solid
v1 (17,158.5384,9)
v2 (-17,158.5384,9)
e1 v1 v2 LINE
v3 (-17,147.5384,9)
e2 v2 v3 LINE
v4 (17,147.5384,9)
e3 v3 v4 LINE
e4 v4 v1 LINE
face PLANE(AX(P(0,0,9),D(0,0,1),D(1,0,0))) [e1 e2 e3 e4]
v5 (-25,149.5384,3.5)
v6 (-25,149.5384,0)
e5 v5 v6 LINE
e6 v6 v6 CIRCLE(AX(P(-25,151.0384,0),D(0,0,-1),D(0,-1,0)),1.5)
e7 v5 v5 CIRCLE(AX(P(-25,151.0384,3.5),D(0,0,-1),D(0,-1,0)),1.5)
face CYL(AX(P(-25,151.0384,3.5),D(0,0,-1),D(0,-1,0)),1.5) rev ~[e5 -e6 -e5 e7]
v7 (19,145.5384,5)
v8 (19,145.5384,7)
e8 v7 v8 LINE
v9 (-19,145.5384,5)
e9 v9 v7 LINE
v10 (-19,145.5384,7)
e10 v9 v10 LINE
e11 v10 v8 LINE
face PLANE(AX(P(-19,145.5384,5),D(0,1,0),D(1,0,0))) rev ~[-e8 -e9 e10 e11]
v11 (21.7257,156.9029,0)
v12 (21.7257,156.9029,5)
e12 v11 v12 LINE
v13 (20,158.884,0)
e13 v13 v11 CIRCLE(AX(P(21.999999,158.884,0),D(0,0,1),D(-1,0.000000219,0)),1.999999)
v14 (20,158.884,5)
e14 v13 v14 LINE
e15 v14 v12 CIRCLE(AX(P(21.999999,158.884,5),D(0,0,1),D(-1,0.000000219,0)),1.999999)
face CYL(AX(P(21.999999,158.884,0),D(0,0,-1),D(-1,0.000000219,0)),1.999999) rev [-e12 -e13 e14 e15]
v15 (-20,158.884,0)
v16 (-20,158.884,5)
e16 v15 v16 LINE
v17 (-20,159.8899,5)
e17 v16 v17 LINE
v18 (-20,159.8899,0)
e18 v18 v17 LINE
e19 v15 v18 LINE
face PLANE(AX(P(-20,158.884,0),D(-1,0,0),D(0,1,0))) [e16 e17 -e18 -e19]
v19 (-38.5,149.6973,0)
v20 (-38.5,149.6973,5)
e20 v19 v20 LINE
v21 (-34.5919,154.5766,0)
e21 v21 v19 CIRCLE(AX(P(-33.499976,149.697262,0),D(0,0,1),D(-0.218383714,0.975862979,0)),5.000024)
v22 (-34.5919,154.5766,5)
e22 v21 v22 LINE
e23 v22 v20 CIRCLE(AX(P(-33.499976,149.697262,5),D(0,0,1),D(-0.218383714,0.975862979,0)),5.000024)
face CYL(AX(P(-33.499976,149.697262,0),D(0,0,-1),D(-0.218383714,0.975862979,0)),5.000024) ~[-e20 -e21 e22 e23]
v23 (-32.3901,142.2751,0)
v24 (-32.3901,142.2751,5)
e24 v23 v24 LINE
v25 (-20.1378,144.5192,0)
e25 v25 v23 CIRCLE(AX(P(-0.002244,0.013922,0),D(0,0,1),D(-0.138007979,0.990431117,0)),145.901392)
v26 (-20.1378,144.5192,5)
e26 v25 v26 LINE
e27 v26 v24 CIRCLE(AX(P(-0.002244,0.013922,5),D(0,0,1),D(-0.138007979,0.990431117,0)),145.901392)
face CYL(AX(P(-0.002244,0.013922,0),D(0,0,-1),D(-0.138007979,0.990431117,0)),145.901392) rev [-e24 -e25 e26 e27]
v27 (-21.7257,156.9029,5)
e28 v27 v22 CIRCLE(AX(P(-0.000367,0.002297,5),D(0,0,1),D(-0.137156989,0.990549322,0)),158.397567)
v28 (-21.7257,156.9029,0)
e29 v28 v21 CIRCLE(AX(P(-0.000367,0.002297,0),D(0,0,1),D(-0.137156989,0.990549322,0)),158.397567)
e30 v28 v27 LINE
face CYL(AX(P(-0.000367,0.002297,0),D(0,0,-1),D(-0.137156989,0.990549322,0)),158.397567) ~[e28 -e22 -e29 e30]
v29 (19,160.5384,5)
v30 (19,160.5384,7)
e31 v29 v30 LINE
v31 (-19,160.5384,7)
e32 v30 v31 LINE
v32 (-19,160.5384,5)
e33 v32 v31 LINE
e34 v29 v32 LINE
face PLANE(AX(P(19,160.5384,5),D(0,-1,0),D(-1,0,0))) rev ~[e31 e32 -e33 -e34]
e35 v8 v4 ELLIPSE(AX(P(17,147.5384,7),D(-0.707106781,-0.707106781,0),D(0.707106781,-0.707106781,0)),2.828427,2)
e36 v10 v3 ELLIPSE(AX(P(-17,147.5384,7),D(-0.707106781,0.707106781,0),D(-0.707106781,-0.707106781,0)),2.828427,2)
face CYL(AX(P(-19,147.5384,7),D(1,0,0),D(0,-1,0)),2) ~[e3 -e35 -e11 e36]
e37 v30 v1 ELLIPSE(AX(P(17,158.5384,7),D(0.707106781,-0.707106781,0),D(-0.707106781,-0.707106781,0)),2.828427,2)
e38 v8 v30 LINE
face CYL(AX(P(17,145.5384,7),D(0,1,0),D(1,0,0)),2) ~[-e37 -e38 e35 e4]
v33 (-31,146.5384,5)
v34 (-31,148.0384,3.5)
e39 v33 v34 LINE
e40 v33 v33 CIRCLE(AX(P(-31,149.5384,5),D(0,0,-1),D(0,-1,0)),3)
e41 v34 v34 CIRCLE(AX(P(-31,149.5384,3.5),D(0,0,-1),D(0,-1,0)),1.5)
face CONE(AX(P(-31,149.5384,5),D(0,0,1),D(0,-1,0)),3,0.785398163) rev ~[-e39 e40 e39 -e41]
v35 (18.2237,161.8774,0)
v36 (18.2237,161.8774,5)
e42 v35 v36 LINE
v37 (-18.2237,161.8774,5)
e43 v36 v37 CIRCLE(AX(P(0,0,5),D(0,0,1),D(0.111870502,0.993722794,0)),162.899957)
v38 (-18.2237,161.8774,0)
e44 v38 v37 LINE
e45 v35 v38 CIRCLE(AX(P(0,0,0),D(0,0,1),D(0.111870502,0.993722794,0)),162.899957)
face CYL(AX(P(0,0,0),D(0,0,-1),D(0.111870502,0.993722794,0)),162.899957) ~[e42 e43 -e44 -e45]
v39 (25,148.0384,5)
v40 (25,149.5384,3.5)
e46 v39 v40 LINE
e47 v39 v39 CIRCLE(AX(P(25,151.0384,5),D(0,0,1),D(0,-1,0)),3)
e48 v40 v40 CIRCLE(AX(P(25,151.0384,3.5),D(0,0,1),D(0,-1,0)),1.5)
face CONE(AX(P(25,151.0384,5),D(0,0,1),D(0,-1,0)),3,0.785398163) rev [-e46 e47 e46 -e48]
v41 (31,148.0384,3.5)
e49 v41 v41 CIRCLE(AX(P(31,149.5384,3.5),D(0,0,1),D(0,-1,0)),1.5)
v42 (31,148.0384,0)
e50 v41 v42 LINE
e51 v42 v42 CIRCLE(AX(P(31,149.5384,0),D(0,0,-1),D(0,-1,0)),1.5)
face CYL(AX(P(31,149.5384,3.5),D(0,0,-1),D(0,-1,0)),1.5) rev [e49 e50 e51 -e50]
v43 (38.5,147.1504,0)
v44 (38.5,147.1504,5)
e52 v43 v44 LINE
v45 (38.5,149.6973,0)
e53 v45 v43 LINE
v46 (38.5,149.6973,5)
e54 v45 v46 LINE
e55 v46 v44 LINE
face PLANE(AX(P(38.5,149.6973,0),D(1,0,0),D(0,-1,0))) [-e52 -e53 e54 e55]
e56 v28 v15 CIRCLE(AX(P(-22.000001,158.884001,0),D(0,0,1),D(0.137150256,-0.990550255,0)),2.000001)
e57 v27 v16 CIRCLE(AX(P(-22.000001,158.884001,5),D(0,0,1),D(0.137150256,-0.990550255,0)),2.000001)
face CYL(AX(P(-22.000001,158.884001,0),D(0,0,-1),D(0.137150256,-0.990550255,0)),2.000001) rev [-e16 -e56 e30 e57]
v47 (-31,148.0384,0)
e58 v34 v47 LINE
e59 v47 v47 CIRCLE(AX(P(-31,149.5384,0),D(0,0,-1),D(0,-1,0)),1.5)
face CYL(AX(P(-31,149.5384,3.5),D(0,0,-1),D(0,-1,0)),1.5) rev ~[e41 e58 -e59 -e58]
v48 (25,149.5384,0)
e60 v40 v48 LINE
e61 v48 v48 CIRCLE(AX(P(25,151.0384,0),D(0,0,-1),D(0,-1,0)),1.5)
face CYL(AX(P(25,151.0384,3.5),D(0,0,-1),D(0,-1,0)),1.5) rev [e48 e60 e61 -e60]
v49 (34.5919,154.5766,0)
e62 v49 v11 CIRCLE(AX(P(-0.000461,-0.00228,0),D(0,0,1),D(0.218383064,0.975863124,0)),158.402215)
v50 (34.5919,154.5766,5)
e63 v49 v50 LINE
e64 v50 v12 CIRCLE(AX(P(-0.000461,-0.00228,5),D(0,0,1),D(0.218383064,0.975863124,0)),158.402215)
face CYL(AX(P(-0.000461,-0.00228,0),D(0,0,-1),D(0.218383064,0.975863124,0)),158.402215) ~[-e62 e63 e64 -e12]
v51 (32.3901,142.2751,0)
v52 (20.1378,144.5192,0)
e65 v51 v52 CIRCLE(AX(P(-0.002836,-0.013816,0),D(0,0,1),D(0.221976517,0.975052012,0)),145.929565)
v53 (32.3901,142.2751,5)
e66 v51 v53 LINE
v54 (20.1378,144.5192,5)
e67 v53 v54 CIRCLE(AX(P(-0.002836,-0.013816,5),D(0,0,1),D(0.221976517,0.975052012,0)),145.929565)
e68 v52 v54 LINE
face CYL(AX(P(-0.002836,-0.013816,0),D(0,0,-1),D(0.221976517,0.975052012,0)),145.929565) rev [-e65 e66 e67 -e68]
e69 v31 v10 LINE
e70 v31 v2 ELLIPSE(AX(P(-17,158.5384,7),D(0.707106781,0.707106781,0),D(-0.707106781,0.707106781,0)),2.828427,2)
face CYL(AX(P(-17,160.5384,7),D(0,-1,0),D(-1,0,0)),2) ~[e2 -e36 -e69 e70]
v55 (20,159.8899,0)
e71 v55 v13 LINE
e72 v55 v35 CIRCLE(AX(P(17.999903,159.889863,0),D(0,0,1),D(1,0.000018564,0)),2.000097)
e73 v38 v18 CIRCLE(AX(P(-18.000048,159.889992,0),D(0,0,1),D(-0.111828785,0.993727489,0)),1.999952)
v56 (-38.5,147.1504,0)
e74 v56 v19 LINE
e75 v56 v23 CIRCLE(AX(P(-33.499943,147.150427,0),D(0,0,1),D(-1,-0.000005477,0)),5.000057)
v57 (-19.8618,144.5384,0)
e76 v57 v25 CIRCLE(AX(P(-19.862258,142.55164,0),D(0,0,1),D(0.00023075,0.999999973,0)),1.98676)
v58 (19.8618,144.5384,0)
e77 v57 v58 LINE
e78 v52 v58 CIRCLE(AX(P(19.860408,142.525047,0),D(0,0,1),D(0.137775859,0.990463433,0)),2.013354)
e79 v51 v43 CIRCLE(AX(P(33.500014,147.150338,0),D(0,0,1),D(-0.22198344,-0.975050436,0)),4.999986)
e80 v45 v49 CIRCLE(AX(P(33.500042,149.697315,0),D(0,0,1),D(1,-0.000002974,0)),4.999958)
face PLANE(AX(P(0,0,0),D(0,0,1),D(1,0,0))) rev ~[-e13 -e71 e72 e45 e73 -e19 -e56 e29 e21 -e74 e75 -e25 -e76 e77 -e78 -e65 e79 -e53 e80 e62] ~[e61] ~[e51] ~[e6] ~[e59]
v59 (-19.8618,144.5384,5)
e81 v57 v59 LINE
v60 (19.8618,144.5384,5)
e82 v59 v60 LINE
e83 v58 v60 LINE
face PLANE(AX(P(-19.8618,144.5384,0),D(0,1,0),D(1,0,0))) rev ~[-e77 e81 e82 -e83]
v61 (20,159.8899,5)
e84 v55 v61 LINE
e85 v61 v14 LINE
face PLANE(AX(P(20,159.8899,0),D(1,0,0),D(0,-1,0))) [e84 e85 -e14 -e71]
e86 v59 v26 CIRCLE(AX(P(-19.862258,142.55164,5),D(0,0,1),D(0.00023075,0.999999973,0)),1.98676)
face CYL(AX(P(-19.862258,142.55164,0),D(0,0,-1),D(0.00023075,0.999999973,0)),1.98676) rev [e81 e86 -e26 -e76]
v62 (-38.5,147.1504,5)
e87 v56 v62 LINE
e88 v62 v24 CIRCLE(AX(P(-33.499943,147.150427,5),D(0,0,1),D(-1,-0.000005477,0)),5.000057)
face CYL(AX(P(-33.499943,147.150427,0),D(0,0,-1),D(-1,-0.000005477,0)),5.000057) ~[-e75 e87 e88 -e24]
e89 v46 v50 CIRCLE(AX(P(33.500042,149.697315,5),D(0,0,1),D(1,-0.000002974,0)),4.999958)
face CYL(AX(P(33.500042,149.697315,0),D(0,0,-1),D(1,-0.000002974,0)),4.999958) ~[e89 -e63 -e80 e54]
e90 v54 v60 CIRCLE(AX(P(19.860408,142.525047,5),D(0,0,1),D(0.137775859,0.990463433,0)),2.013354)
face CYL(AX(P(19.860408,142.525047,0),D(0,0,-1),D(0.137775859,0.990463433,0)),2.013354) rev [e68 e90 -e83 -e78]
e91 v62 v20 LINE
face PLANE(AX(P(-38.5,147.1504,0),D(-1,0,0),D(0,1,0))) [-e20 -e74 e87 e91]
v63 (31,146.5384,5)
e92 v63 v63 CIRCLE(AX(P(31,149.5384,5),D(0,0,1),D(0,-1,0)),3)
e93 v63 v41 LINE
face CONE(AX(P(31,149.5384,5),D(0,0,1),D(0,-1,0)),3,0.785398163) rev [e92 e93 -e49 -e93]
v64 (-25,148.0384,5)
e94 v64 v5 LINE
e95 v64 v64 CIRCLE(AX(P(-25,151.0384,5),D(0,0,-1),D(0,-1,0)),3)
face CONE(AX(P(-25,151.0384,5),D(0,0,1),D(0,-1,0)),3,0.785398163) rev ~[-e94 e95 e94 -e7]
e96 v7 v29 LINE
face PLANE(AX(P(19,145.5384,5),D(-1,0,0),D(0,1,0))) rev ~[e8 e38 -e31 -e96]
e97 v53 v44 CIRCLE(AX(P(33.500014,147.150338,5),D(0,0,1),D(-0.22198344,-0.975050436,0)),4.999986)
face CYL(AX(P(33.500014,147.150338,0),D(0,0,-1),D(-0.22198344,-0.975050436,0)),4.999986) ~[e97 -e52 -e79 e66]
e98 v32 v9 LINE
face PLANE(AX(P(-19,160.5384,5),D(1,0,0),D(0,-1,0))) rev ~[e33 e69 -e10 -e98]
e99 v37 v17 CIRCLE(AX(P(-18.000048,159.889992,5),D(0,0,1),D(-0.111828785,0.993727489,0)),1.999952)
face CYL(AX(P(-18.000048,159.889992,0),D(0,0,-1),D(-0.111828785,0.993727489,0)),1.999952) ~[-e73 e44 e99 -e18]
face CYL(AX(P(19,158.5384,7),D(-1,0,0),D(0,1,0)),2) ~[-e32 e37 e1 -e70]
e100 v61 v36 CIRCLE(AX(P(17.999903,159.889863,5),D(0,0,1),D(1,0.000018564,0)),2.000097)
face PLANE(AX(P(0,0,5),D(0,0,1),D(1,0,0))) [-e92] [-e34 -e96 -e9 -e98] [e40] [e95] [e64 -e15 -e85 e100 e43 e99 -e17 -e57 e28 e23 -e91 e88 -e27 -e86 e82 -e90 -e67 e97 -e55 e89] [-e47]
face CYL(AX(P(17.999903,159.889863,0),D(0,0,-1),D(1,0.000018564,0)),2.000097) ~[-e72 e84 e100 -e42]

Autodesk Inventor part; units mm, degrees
ref_plane "YZ Plane" through (0, 0, 0) normal (1, 0, 0) x (0, 1, 0)
ref_plane "XZ Plane" through (0, 0, 0) normal (0, 1, 0) x (-1, 0, 0)
ref_plane "XY Plane" through (0, 0, 0) normal (0, 0, 1) x (1, 0, 0)
sketch "Sketch1" plane through (0, 0, 0) normal (0, 0, 1) x (1, 0, 0)
  arc A0 (34.5919, 154.5766) -> (21.7257, 156.9029) centre (0, 0) ccw
  line L0 (38.5, 149.6973) -> (38.5, 147.1504)
  line L1 (-38.5, 147.1504) -> (-38.5, 149.6973)
  arc A1 (18.2237, 161.8774) -> (-18.2237, 161.8774) centre (0, 0) ccw
  line L2 (20, 159.8899) -> (20, 158.884)
  line L3 (-20, 158.884) -> (-20, 159.8899)
  arc A2 (-21.7257, 156.9029) -> (-34.5919, 154.5766) centre (0, 0) ccw
  arc A3 (32.3901, 142.2751) -> (20.1378, 144.5192) centre (0, 0) ccw
  arc A4 (-20.1378, 144.5192) -> (-32.3901, 142.2751) centre (0, 0) ccw
  line L4 (-19.8618, 144.5384) -> (19.8618, 144.5384)
  arc A5 (-38.5, 147.1504) -> (-32.3901, 142.2751) centre (-33.5, 147.1504) ccw
  arc A6 (-34.5919, 154.5766) -> (-38.5, 149.6973) centre (-33.5, 149.6973) ccw
  arc A7 (32.3901, 142.2751) -> (38.5, 147.1504) centre (33.5, 147.1504) ccw
  arc A8 (38.5, 149.6973) -> (34.5919, 154.5766) centre (33.5, 149.6973) ccw
  arc A9 (-21.7257, 156.9029) -> (-20, 158.884) centre (-22, 158.884) ccw
  arc A10 (20, 158.884) -> (21.7257, 156.9029) centre (22, 158.884) ccw
  arc A11 (20, 159.8899) -> (18.2237, 161.8774) centre (18, 159.8899) ccw
  arc A12 (-18.2237, 161.8774) -> (-20, 159.8899) centre (-18, 159.8899) ccw
  arc A13 (-19.8618, 144.5384) -> (-20.1378, 144.5192) centre (-19.8618, 142.5384) ccw
  arc A14 (20.1378, 144.5192) -> (19.8618, 144.5384) centre (19.8618, 142.5384) ccw
  point P0 (38.5, 140.7448)
  point P1 (38.5, 153.6499)
  point P2 (-38.5, 140.7448)
  point P3 (-38.5, 153.6499)
  point P4 (20, 161.6675)
  point P5 (20, 144.5384)
  point P6 (-20, 144.5384)
  point P7 (-20, 161.6675)
  point P8 (-20, 157.1322)
  point P9 (20, 157.1322)
  dimension "d5" = 77
  dimension "d6" = 38.5
  dimension "d9" = 5
  dimension "d10" = 2
extrude "Extrusion1" add sketch "Sketch1" along normal blind 5
sketch "Sketch2" plane through (0, 0, 5) normal (0, 0, 1) x (1, 0, 0)
  line L0 (-19, 145.5384) -> (19, 145.5384)
  line L1 (19, 145.5384) -> (19, 160.5384)
  line L2 (19, 160.5384) -> (-19, 160.5384)
  line L3 (-19, 160.5384) -> (-19, 145.5384)
  circle A0 centre (-31, 149.5384) radius 1.5
  circle A1 centre (-25, 151.0384) radius 1.5
  line L4 (-19.8618, 144.5384) -> (19.8618, 144.5384) projected
  point P0 (0, 0)
  point P1 (0, 145.5384)
  point P2 (0, 144.5384)
  dimension "d13" = 38
  dimension "d14" = 15
  dimension "d15" = 1
  dimension "d16" = 25
  dimension "d17" = 31
  dimension "d18" = 3
  dimension "d19" = 3
  dimension "d20" = 5
  dimension "d21" = 1.5
extrude "Extrusion2" add sketch "Sketch2" along normal blind 4 contours L3 L2 L1 L0
hole "Hole1" at (-31, 149.5384, 5) at (-25, 151.0384, 5) direction (0, 0, -1) diameter 3 end through all countersink diameter 6 countersink angle 90
mirror "Mirror1" about plane through (0, 0, 0) normal (1, 0, 0) of "Hole1"
fillet "Fillet1" radius 2 4 edges at (0, 160.5384, 9) (-19, 153.0384, 9) (0, 145.5384, 9) (19, 153.0384, 9)
equation "\"d6\" = 0.5 * d5"
equation "\"d19\" = d18"
properties part number "magnet" material "Iron, Gray"
